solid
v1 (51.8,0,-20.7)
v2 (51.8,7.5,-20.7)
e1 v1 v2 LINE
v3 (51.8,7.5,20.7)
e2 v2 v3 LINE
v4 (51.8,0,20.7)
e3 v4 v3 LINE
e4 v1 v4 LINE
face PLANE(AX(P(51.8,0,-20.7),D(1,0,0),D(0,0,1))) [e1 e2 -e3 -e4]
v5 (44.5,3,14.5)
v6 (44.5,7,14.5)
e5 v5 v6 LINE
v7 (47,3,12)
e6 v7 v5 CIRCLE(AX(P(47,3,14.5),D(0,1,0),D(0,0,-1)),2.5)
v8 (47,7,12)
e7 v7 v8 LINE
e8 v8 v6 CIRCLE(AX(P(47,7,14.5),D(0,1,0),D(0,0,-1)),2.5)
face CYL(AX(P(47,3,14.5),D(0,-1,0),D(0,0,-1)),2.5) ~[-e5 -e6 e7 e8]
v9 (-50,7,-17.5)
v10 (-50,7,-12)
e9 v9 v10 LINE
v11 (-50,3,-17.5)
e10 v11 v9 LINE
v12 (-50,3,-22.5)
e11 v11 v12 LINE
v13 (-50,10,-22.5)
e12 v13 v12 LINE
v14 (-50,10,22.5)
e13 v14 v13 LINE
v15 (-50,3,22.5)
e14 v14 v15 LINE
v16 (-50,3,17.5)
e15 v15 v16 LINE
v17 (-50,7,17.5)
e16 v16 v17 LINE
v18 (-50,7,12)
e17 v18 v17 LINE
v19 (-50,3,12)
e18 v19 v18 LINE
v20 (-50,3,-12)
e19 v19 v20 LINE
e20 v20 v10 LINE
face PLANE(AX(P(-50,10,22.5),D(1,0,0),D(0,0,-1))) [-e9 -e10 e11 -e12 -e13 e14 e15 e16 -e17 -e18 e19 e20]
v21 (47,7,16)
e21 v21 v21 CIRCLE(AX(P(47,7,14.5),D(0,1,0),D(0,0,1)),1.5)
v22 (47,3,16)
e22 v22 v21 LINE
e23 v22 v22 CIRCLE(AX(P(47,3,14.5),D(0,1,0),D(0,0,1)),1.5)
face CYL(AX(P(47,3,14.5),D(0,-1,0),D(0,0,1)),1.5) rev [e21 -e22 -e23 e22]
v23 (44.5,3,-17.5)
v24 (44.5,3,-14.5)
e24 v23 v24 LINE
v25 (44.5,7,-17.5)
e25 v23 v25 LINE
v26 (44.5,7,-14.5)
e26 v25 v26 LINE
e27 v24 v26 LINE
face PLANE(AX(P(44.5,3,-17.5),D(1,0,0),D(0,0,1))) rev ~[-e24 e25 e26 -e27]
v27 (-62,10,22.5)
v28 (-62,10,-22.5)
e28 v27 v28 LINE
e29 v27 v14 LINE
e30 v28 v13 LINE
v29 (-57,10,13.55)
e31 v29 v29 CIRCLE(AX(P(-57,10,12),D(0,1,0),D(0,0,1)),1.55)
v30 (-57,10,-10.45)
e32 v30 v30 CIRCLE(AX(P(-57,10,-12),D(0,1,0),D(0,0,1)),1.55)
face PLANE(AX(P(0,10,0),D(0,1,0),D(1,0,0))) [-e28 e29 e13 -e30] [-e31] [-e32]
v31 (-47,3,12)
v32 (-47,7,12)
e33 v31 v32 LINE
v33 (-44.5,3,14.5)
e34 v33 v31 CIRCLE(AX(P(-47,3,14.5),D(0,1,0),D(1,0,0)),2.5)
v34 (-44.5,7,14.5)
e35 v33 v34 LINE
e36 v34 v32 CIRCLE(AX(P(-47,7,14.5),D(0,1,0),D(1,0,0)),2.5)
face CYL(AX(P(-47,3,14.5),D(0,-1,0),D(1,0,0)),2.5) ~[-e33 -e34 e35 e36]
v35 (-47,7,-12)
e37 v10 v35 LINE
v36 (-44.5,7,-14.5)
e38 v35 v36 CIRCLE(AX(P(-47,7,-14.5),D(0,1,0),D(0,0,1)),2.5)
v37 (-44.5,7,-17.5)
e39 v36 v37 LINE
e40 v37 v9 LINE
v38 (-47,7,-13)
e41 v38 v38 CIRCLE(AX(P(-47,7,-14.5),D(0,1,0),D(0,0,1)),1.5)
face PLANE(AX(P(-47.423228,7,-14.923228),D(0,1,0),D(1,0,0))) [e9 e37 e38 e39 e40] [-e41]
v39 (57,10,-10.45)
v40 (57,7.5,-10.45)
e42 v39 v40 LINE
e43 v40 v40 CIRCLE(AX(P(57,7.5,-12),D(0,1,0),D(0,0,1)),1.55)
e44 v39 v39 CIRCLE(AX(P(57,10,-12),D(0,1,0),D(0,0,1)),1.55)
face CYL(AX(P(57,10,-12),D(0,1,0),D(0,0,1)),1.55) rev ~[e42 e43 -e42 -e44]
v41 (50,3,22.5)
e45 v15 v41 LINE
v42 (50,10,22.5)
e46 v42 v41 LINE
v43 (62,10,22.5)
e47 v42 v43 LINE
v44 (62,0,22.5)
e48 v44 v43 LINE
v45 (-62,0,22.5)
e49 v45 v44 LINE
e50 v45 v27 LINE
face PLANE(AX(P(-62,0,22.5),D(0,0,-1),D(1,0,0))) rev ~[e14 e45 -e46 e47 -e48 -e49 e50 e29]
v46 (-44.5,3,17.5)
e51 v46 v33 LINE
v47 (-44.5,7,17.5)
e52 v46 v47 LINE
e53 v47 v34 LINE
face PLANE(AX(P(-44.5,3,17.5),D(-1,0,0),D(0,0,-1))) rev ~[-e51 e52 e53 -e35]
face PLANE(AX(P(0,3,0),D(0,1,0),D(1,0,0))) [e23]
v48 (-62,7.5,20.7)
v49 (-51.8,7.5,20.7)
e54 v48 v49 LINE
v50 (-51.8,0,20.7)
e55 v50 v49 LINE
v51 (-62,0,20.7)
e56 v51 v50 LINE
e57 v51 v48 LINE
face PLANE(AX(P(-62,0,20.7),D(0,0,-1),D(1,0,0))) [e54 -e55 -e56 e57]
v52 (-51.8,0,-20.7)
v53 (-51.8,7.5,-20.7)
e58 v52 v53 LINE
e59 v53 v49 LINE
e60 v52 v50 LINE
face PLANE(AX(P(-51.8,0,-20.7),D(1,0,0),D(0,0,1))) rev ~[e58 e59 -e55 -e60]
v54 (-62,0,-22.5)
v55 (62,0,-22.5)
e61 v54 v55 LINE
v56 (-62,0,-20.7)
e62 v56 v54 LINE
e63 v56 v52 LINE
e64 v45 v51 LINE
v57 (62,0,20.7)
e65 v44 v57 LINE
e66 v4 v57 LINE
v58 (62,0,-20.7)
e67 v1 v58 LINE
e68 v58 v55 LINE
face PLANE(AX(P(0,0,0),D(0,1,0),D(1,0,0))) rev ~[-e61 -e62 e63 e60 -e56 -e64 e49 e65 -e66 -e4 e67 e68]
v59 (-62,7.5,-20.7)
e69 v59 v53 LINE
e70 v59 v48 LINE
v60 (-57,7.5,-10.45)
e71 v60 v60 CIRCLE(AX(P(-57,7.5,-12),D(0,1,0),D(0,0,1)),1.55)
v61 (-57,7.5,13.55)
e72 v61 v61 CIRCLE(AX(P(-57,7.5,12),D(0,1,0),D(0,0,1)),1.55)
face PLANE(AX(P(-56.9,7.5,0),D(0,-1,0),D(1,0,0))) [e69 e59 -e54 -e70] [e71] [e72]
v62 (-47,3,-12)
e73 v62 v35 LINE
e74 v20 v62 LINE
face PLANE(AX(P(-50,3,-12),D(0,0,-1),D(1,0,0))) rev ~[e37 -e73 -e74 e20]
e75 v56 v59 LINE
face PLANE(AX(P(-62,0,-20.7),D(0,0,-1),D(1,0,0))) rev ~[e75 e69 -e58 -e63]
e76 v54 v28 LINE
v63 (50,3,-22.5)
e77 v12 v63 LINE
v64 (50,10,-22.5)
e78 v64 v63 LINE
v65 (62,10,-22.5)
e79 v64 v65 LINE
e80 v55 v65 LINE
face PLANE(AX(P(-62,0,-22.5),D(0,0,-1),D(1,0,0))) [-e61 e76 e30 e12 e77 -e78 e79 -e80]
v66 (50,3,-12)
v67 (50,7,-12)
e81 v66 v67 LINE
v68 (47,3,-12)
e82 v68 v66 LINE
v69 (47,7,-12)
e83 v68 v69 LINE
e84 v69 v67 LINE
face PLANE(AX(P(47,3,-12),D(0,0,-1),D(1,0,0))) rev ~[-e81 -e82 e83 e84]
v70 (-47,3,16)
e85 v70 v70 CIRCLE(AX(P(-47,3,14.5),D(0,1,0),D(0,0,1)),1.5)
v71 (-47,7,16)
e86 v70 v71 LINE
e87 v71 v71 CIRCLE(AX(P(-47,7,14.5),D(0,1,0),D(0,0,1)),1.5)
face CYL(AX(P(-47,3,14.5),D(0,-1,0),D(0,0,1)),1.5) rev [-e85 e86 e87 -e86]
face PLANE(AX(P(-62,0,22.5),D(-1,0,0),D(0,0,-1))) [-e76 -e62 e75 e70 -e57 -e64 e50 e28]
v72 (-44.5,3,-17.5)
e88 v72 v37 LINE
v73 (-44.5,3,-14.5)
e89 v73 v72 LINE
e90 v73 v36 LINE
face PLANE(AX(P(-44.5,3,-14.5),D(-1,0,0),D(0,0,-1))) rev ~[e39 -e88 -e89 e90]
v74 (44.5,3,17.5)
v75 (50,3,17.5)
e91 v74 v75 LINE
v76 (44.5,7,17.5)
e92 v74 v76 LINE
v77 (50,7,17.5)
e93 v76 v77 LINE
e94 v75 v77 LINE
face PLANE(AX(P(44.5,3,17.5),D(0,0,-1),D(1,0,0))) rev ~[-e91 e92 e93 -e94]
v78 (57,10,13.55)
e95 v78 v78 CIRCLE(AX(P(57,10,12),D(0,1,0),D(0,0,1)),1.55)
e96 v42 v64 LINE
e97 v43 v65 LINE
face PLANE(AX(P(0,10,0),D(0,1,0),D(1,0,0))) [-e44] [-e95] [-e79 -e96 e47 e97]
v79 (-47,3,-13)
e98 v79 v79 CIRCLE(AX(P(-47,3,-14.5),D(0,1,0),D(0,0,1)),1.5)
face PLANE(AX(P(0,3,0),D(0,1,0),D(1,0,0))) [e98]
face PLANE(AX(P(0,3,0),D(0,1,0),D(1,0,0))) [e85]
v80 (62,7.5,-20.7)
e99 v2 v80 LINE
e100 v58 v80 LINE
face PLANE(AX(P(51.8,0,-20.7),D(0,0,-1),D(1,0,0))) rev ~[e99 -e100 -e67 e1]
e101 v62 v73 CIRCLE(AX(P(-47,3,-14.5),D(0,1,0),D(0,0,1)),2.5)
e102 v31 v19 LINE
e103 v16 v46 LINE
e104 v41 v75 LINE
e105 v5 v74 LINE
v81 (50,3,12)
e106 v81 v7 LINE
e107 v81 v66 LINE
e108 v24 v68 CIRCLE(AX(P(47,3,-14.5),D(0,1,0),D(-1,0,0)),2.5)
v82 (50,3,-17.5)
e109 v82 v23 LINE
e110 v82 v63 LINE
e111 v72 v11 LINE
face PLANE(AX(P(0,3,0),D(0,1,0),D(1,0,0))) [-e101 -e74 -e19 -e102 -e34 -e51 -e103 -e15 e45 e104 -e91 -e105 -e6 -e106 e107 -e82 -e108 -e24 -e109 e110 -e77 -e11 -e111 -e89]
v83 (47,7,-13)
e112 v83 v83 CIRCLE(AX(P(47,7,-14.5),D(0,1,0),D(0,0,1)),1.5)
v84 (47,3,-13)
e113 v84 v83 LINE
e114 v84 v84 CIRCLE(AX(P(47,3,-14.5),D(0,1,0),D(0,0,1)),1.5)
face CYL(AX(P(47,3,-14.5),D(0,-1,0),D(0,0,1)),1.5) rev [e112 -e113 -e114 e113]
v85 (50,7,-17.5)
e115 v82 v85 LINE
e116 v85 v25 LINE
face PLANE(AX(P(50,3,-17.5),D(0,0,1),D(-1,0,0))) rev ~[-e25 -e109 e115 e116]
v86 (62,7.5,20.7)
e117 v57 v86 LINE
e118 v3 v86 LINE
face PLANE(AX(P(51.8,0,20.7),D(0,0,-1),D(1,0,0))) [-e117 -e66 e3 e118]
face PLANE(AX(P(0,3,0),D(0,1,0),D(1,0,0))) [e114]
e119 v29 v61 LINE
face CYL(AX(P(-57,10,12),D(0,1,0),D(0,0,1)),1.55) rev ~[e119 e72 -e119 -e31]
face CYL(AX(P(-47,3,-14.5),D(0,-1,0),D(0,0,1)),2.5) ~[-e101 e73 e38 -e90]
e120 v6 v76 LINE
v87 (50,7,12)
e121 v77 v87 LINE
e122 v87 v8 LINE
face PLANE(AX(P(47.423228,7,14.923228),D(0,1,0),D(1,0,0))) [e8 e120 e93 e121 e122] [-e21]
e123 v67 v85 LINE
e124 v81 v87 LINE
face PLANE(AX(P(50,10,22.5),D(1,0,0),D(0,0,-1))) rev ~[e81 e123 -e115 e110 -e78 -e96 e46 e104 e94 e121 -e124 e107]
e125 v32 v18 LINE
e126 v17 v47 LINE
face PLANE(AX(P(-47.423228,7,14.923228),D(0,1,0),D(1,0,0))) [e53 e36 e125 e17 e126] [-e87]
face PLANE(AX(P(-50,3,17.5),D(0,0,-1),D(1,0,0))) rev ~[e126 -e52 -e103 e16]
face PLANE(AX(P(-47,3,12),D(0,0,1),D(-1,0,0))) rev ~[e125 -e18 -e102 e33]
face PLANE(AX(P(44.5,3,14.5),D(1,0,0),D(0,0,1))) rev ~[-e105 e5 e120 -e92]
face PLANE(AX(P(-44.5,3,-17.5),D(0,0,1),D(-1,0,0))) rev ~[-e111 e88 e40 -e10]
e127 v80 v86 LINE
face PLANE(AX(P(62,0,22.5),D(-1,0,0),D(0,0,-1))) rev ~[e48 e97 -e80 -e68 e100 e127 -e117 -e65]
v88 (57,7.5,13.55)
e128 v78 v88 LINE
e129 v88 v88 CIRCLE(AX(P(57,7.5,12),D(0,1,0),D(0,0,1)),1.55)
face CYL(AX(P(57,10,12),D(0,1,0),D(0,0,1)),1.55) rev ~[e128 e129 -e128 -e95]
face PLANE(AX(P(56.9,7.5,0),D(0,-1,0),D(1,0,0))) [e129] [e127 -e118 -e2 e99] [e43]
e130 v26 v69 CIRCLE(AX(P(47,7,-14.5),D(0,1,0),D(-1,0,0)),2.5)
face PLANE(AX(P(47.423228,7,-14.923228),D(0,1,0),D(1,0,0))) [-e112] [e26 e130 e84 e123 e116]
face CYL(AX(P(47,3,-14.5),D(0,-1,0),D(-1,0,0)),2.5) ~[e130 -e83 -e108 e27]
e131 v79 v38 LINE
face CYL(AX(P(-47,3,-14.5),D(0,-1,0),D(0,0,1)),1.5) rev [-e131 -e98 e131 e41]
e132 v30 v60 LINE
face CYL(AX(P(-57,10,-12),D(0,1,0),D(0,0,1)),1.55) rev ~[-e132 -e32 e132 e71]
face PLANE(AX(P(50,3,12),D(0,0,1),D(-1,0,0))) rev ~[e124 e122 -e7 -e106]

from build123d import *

# Parameters (mm, degrees)
SKETCH2_W           = 124
SKETCH2_H           = 45
BOSS_EXTRUDE3_DEPTH = 10
SKETCH4_W           = 100
SKETCH4_H           = 45
CUT_EXTRUDE1_DEPTH  = 7
CUT_EXTRUDE2_REACH  = 68.71
SKETCH5_R           = 1.55
SKETCH6_W           = 10.2
SKETCH6_H           = 41.4
CUT_EXTRUDE3_DEPTH  = 7.5
SKETCH7_R           = 1.5
BOSS_EXTRUDE4_DEPTH = 4


with BuildPart() as part:
    # Sketch2 → Boss-Extrude3 (new body)
    with BuildSketch(Plane(origin=(0, 0, 0), x_dir=(1, 0, 0), z_dir=(0, 1, 0))):
        Rectangle(SKETCH2_W, SKETCH2_H)
    extrude(amount=BOSS_EXTRUDE3_DEPTH)

    # Sketch4 → Cut-Extrude1 (cut)
    with BuildSketch(Plane(origin=(0, 10, 0), x_dir=(1, 0, 0), z_dir=(0, 1, 0))):
        Rectangle(SKETCH4_W, SKETCH4_H)
    extrude(amount=-CUT_EXTRUDE1_DEPTH, mode=Mode.SUBTRACT)

    # Sketch5 → Cut-Extrude2 (cut, up to next)
    with BuildSketch(Plane(origin=(0, 10, 0), x_dir=(1, 0, 0), z_dir=(0, 1, 0)), mode=Mode.PRIVATE) as cut_extrude2_sk1:
        with Locations(Location((-57, 12, 0), (0, 0, 270))):
            Circle(SKETCH5_R)
    cut_extrude2_tool1 = extrude(cut_extrude2_sk1.sketch, amount=-CUT_EXTRUDE2_REACH, mode=Mode.PRIVATE) & part.part
    # Sketch5 → Cut-Extrude2 (cut, up to next)
    with BuildSketch(Plane(origin=(0, 10, 0), x_dir=(1, 0, 0), z_dir=(0, 1, 0)), mode=Mode.PRIVATE) as cut_extrude2_sk2:
        with Locations(Location((-57, -12, 0), (0, 0, 270))):
            Circle(SKETCH5_R)
    cut_extrude2_tool2 = extrude(cut_extrude2_sk2.sketch, amount=-CUT_EXTRUDE2_REACH, mode=Mode.PRIVATE) & part.part
    # Sketch5 → Cut-Extrude2 (cut, up to next)
    with BuildSketch(Plane(origin=(0, 10, 0), x_dir=(1, 0, 0), z_dir=(0, 1, 0)), mode=Mode.PRIVATE) as cut_extrude2_sk3:
        with Locations(Location((57, -12, 0), (0, 0, 270))):
            Circle(SKETCH5_R)
    cut_extrude2_tool3 = extrude(cut_extrude2_sk3.sketch, amount=-CUT_EXTRUDE2_REACH, mode=Mode.PRIVATE) & part.part
    # Sketch5 → Cut-Extrude2 (cut, up to next)
    with BuildSketch(Plane(origin=(0, 10, 0), x_dir=(1, 0, 0), z_dir=(0, 1, 0)), mode=Mode.PRIVATE) as cut_extrude2_sk4:
        with Locations(Location((57, 12, 0), (0, 0, 270))):
            Circle(SKETCH5_R)
    cut_extrude2_tool4 = extrude(cut_extrude2_sk4.sketch, amount=-CUT_EXTRUDE2_REACH, mode=Mode.PRIVATE) & part.part
    add(cut_extrude2_tool1.solids().sort_by_distance((-57, 10, -12))[0], mode=Mode.SUBTRACT)
    add(cut_extrude2_tool2.solids().sort_by_distance((-57, 10, 12))[0], mode=Mode.SUBTRACT)
    add(cut_extrude2_tool3.solids().sort_by_distance((57, 10, 12))[0], mode=Mode.SUBTRACT)
    add(cut_extrude2_tool4.solids().sort_by_distance((57, 10, -12))[0], mode=Mode.SUBTRACT)

    # Sketch6 → Cut-Extrude3 (cut)
    with BuildSketch(Plane.XZ):
        with Locations((-56.9, 0)):
            Rectangle(SKETCH6_W, SKETCH6_H)
        with Locations((56.9, 0)):
            Rectangle(SKETCH6_W, SKETCH6_H)
    extrude(amount=-CUT_EXTRUDE3_DEPTH, mode=Mode.SUBTRACT)

    # Sketch7 → Boss-Extrude4 (add)
    # profile 1 of 4: a face of its own
    with BuildSketch(Plane(origin=(0, 3, 0), x_dir=(1, 0, 0), z_dir=(0, 1, 0))):
        with BuildLine():
            Line((-50, -17.5), (-44.5, -17.5))
            Line((-44.5, -17.5), (-44.5, -14.5))
            ThreePointArc((-44.5, -14.5), (-45.232233047, -12.732233047), (-47, -12))
            Line((-47, -12), (-50, -12))
            Line((-50, -12), (-50, -17.5))
        make_face()
        with Locations(Location((-47, -14.5, 0), (0, 0, 270))):
            Circle(SKETCH7_R, mode=Mode.SUBTRACT)
    # profile 2 of 4: a face of its own
    with BuildSketch(Plane(origin=(0, 3, 0), x_dir=(1, 0, 0), z_dir=(0, 1, 0))):
        with BuildLine():
            Line((44.5, -14.5), (44.5, -17.5))
            Line((44.5, -17.5), (50, -17.5))
            Line((50, -17.5), (50, -12))
            Line((50, -12), (47, -12))
            ThreePointArc((47, -12), (45.232233047, -12.732233047), (44.5, -14.5))
        make_face()
        with Locations(Location((47, -14.5, 0), (0, 0, 270))):
            Circle(SKETCH7_R, mode=Mode.SUBTRACT)
    # profile 3 of 4: a face of its own
    with BuildSketch(Plane(origin=(0, 3, 0), x_dir=(1, 0, 0), z_dir=(0, 1, 0))):
        with BuildLine():
            Line((-50, 17.5), (-50, 12))
            Line((-50, 12), (-47, 12))
            ThreePointArc((-47, 12), (-45.232233047, 12.732233047), (-44.5, 14.5))
            Line((-44.5, 14.5), (-44.5, 17.5))
            Line((-44.5, 17.5), (-50, 17.5))
        make_face()
        with Locations(Location((-47, 14.5, 0), (0, 0, 270))):
            Circle(SKETCH7_R, mode=Mode.SUBTRACT)
    # profile 4 of 4: a face of its own
    with BuildSketch(Plane(origin=(0, 3, 0), x_dir=(1, 0, 0), z_dir=(0, 1, 0))):
        with BuildLine():
            Line((47, 12), (50, 12))
            Line((50, 12), (50, 17.5))
            Line((50, 17.5), (44.5, 17.5))
            Line((44.5, 17.5), (44.5, 14.5))
            ThreePointArc((44.5, 14.5), (45.232233047, 12.732233047), (47, 12))
        make_face()
        with Locations(Location((47, 14.5, 0), (0, 0, 270))):
            Circle(SKETCH7_R, mode=Mode.SUBTRACT)
    extrude(amount=BOSS_EXTRUDE4_DEPTH)


solid = part.part
